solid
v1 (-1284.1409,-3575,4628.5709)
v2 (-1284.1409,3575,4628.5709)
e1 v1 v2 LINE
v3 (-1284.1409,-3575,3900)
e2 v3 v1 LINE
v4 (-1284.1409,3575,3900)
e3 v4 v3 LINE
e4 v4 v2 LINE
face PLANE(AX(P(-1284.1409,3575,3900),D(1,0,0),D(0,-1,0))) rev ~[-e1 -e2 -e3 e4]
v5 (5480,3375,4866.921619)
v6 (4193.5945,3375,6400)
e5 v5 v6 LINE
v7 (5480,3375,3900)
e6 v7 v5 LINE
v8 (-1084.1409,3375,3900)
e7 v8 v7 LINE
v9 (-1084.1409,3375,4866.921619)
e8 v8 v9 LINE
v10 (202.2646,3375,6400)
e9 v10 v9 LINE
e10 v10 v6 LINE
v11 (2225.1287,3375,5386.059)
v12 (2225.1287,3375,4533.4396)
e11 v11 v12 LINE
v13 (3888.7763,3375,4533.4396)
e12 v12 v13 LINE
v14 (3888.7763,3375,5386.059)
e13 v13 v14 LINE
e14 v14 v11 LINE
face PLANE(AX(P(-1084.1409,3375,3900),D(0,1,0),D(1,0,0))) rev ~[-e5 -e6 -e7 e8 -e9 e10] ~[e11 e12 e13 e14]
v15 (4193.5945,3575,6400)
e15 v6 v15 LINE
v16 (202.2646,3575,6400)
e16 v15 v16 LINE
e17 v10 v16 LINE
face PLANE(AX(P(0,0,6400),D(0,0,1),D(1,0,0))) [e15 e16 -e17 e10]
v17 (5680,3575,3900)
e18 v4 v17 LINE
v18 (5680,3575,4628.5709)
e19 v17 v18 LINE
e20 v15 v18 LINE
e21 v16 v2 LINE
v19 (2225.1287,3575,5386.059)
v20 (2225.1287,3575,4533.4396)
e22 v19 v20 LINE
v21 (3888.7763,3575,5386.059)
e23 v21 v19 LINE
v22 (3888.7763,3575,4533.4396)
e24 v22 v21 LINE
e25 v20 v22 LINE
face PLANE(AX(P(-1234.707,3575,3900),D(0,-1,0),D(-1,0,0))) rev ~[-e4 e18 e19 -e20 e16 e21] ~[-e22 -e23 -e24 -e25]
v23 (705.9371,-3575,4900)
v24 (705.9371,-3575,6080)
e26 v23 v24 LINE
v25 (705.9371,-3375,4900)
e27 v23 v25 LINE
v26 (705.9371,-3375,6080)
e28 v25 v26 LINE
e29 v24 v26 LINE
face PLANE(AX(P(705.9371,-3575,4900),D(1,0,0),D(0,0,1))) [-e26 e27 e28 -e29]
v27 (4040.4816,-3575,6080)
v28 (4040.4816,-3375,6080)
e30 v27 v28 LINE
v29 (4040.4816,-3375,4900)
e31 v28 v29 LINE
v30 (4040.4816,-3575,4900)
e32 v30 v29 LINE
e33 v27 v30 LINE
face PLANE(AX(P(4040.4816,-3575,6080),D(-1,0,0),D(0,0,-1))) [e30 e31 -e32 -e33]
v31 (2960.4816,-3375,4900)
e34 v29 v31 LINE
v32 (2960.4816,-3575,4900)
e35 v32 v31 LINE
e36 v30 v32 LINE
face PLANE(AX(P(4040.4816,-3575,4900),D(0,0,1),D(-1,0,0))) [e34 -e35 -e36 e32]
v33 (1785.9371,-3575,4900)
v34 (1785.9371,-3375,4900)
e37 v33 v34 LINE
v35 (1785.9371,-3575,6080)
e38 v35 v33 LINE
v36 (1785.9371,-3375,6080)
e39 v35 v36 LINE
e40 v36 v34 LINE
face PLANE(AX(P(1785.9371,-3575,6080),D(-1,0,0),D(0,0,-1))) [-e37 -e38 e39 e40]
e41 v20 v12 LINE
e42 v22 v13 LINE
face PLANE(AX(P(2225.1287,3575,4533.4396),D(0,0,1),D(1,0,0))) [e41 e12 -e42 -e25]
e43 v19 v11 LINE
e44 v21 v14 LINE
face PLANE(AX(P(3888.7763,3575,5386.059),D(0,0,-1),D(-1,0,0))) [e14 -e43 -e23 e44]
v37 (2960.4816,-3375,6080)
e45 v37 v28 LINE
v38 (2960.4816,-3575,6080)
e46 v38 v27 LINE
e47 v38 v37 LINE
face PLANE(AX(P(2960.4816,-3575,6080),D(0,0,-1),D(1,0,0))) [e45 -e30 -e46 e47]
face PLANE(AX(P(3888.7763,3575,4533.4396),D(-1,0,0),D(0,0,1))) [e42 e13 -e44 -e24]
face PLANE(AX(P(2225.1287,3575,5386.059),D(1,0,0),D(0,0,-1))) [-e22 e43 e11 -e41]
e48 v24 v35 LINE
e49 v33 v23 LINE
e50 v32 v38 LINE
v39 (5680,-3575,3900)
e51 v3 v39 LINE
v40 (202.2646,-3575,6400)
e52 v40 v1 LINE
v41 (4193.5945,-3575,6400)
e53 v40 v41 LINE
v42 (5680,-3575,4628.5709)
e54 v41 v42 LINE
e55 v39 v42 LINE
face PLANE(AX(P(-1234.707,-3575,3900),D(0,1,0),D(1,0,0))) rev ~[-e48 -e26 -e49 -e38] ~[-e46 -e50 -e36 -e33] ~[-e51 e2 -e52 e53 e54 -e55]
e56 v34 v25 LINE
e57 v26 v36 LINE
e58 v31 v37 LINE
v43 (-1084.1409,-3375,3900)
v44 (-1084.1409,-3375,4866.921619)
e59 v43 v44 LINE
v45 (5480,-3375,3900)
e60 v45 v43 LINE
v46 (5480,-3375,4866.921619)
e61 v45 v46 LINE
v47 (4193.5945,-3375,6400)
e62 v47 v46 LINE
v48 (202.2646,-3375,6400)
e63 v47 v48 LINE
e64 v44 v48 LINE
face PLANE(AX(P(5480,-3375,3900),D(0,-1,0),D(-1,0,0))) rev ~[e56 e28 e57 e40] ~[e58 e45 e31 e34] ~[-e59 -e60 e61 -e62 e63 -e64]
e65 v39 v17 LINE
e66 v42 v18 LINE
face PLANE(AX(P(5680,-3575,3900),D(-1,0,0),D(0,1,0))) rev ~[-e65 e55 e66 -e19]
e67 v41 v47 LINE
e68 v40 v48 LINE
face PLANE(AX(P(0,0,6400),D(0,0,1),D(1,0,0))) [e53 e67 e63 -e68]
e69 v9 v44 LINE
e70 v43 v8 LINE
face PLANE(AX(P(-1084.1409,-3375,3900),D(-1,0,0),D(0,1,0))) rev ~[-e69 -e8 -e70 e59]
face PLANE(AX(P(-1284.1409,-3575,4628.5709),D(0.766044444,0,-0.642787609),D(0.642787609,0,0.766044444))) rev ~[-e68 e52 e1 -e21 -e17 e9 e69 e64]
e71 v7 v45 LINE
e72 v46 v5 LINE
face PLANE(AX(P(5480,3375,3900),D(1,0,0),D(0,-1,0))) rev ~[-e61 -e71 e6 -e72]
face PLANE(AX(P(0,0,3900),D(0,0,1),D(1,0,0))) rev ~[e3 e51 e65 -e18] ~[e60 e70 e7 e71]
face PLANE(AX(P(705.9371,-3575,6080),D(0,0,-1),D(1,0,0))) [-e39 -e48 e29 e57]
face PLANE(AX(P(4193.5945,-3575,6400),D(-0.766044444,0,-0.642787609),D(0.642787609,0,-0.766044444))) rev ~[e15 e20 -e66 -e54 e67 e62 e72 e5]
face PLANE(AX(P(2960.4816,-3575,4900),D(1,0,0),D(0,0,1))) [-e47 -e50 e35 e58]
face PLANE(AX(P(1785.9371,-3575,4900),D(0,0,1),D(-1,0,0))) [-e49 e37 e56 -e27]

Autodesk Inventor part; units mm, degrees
ref_plane "YZ Plane" through (0, 0, 0) normal (1, 0, 0) x (0, 1, 0)
ref_plane "XZ Plane" through (0, 0, 0) normal (0, 1, 0) x (-1, 0, 0)
ref_plane "XY Plane" through (0, 0, 0) normal (0, 0, 1) x (1, 0, 0)
ref_plane "Arbeitsebene1" through (0, 0, 3900) normal (0, 0, 1) x (1, 0, 0)
sketch "Skizze1" plane through (0, 0, 3900) normal (0, 0, 1) x (1, 0, 0)
  line L0 (5680, -3575) -> (5680, 3575) projected
  line L1 (5680, 3575) -> (-5680, 3575) projected
  line L2 (-5680, -3575) -> (5680, -3575) projected
  line L3 (-1284.1409, 3575) -> (5680, 3575)
  line L4 (5680, 3575) -> (5680, -3575)
  line L5 (5680, -3575) -> (-1284.1409, -3575)
  line L6 (-1084.1409, 3375) -> (5480, 3375)
  line L7 (5480, 3375) -> (5480, -3375)
  line L8 (5480, -3375) -> (-1084.1409, -3375)
  line L9 (-1284.1409, -3575) -> (-1234.707, -3575)
  line L10 (-1084.1409, -3375) -> (-1084.1409, 3375)
  line L11 (-1234.707, 3575) -> (-1284.1409, 3575)
  line L12 (-1284.1409, 3575) -> (-1284.1409, -3575)
  dimension "d0" = 200
  dimension "d2" = 200
  dimension "d3" = 200
  dimension "d6" = 200
extrude "Extrusion1" add sketch "Skizze1" along normal blind 2500
sketch "Skizze2" plane through (-1284.1409, -3575, 3900) normal (0, -1, 0) x (1, 0, 0)
  line L0 (0, 0) -> (6964.1409, 0) projected
  line L1 (6964.1409, 0) -> (6964.1409, 2500) projected
  line L2 (0, 2500) -> (6964.1409, 2500) projected
  line L3 (0, 0) -> (0, 2500) projected
  line L4 (0, 0) -> (0, 2500) projected
  line L5 (0, 728.5709) -> (1486.4055, 2500)
  line L6 (6764.1409, 2500) -> (200, 2500) projected
  line L7 (1486.4055, 2500) -> (0, 2500)
  line L8 (0, 728.5709) -> (0, 2500)
  line L9 (5477.7354, 2500) -> (6964.1409, 728.5709)
  line L10 (6964.1409, 0) -> (6964.1409, 2500) projected
  line L11 (6964.1409, 2500) -> (6964.1409, 728.5709)
  line L12 (6964.1409, 2500) -> (5477.7354, 2500)
  dimension "d13" = 40
  dimension "d14" = 40
extrude "Extrusion2" cut sketch "Skizze2" against normal up to surface (7150 mm away) contours L3 L2 L5 | L9 L2 L1
sketch "Skizze3" plane through (-1284.1409, -3575, 3900) normal (0, -1, 0) x (1, 0, 0)
  line L0 (1486.4055, 2500) -> (0, 728.5709) projected
  line L1 (0, 0) -> (0, 728.5709) projected
  line L2 (0, 0) -> (6964.1409, 0) projected
  line L3 (6964.1409, 0) -> (6964.1409, 728.5709) projected
  line L4 (1486.4055, 2500) -> (5477.7354, 2500) projected
  line L5 (1990.078, 2180) -> (3070.078, 2180)
  line L6 (3070.078, 2180) -> (3070.078, 1000)
  line L7 (3070.078, 1000) -> (1990.078, 1000)
  line L8 (1990.078, 1000) -> (1990.078, 2180)
  line L9 (4244.6225, 2180) -> (5324.6225, 2180)
  line L10 (5324.6225, 2180) -> (5324.6225, 1000)
  line L11 (5324.6225, 1000) -> (4244.6225, 1000)
  line L12 (4244.6225, 1000) -> (4244.6225, 2180)
  line L13 (6964.1409, 728.5709) -> (5477.7354, 2500) projected
  dimension "d15" = 1080
  dimension "d16" = 1080
  dimension "d17" = 1180
  dimension "d18" = 1000
extrude "Extrusion3" cut sketch "Skizze3" against normal up to surface (200 mm away) contours L5 L6 L7 L8 | L9 L10 L11 L12
sketch "Skizze4" plane through (-1284.1409, 3575, 3900) normal (0, 1, 0) x (1, 0, 0)
  line L0 (5172.9172, -1486.059) -> (3509.2696, -1486.059)
  line L1 (3509.2696, -1486.059) -> (3509.2696, -633.4396)
  line L2 (3509.2696, -633.4396) -> (5172.9172, -633.4396)
  line L3 (5172.9172, -633.4396) -> (5172.9172, -1486.059)
extrude "Extrusion4" cut sketch "Skizze4" against normal up to surface (200 mm away)
equation "\"d14\" = d13"
equation "\"d16\" = d15"
properties part number "Aussenwände_oben"
